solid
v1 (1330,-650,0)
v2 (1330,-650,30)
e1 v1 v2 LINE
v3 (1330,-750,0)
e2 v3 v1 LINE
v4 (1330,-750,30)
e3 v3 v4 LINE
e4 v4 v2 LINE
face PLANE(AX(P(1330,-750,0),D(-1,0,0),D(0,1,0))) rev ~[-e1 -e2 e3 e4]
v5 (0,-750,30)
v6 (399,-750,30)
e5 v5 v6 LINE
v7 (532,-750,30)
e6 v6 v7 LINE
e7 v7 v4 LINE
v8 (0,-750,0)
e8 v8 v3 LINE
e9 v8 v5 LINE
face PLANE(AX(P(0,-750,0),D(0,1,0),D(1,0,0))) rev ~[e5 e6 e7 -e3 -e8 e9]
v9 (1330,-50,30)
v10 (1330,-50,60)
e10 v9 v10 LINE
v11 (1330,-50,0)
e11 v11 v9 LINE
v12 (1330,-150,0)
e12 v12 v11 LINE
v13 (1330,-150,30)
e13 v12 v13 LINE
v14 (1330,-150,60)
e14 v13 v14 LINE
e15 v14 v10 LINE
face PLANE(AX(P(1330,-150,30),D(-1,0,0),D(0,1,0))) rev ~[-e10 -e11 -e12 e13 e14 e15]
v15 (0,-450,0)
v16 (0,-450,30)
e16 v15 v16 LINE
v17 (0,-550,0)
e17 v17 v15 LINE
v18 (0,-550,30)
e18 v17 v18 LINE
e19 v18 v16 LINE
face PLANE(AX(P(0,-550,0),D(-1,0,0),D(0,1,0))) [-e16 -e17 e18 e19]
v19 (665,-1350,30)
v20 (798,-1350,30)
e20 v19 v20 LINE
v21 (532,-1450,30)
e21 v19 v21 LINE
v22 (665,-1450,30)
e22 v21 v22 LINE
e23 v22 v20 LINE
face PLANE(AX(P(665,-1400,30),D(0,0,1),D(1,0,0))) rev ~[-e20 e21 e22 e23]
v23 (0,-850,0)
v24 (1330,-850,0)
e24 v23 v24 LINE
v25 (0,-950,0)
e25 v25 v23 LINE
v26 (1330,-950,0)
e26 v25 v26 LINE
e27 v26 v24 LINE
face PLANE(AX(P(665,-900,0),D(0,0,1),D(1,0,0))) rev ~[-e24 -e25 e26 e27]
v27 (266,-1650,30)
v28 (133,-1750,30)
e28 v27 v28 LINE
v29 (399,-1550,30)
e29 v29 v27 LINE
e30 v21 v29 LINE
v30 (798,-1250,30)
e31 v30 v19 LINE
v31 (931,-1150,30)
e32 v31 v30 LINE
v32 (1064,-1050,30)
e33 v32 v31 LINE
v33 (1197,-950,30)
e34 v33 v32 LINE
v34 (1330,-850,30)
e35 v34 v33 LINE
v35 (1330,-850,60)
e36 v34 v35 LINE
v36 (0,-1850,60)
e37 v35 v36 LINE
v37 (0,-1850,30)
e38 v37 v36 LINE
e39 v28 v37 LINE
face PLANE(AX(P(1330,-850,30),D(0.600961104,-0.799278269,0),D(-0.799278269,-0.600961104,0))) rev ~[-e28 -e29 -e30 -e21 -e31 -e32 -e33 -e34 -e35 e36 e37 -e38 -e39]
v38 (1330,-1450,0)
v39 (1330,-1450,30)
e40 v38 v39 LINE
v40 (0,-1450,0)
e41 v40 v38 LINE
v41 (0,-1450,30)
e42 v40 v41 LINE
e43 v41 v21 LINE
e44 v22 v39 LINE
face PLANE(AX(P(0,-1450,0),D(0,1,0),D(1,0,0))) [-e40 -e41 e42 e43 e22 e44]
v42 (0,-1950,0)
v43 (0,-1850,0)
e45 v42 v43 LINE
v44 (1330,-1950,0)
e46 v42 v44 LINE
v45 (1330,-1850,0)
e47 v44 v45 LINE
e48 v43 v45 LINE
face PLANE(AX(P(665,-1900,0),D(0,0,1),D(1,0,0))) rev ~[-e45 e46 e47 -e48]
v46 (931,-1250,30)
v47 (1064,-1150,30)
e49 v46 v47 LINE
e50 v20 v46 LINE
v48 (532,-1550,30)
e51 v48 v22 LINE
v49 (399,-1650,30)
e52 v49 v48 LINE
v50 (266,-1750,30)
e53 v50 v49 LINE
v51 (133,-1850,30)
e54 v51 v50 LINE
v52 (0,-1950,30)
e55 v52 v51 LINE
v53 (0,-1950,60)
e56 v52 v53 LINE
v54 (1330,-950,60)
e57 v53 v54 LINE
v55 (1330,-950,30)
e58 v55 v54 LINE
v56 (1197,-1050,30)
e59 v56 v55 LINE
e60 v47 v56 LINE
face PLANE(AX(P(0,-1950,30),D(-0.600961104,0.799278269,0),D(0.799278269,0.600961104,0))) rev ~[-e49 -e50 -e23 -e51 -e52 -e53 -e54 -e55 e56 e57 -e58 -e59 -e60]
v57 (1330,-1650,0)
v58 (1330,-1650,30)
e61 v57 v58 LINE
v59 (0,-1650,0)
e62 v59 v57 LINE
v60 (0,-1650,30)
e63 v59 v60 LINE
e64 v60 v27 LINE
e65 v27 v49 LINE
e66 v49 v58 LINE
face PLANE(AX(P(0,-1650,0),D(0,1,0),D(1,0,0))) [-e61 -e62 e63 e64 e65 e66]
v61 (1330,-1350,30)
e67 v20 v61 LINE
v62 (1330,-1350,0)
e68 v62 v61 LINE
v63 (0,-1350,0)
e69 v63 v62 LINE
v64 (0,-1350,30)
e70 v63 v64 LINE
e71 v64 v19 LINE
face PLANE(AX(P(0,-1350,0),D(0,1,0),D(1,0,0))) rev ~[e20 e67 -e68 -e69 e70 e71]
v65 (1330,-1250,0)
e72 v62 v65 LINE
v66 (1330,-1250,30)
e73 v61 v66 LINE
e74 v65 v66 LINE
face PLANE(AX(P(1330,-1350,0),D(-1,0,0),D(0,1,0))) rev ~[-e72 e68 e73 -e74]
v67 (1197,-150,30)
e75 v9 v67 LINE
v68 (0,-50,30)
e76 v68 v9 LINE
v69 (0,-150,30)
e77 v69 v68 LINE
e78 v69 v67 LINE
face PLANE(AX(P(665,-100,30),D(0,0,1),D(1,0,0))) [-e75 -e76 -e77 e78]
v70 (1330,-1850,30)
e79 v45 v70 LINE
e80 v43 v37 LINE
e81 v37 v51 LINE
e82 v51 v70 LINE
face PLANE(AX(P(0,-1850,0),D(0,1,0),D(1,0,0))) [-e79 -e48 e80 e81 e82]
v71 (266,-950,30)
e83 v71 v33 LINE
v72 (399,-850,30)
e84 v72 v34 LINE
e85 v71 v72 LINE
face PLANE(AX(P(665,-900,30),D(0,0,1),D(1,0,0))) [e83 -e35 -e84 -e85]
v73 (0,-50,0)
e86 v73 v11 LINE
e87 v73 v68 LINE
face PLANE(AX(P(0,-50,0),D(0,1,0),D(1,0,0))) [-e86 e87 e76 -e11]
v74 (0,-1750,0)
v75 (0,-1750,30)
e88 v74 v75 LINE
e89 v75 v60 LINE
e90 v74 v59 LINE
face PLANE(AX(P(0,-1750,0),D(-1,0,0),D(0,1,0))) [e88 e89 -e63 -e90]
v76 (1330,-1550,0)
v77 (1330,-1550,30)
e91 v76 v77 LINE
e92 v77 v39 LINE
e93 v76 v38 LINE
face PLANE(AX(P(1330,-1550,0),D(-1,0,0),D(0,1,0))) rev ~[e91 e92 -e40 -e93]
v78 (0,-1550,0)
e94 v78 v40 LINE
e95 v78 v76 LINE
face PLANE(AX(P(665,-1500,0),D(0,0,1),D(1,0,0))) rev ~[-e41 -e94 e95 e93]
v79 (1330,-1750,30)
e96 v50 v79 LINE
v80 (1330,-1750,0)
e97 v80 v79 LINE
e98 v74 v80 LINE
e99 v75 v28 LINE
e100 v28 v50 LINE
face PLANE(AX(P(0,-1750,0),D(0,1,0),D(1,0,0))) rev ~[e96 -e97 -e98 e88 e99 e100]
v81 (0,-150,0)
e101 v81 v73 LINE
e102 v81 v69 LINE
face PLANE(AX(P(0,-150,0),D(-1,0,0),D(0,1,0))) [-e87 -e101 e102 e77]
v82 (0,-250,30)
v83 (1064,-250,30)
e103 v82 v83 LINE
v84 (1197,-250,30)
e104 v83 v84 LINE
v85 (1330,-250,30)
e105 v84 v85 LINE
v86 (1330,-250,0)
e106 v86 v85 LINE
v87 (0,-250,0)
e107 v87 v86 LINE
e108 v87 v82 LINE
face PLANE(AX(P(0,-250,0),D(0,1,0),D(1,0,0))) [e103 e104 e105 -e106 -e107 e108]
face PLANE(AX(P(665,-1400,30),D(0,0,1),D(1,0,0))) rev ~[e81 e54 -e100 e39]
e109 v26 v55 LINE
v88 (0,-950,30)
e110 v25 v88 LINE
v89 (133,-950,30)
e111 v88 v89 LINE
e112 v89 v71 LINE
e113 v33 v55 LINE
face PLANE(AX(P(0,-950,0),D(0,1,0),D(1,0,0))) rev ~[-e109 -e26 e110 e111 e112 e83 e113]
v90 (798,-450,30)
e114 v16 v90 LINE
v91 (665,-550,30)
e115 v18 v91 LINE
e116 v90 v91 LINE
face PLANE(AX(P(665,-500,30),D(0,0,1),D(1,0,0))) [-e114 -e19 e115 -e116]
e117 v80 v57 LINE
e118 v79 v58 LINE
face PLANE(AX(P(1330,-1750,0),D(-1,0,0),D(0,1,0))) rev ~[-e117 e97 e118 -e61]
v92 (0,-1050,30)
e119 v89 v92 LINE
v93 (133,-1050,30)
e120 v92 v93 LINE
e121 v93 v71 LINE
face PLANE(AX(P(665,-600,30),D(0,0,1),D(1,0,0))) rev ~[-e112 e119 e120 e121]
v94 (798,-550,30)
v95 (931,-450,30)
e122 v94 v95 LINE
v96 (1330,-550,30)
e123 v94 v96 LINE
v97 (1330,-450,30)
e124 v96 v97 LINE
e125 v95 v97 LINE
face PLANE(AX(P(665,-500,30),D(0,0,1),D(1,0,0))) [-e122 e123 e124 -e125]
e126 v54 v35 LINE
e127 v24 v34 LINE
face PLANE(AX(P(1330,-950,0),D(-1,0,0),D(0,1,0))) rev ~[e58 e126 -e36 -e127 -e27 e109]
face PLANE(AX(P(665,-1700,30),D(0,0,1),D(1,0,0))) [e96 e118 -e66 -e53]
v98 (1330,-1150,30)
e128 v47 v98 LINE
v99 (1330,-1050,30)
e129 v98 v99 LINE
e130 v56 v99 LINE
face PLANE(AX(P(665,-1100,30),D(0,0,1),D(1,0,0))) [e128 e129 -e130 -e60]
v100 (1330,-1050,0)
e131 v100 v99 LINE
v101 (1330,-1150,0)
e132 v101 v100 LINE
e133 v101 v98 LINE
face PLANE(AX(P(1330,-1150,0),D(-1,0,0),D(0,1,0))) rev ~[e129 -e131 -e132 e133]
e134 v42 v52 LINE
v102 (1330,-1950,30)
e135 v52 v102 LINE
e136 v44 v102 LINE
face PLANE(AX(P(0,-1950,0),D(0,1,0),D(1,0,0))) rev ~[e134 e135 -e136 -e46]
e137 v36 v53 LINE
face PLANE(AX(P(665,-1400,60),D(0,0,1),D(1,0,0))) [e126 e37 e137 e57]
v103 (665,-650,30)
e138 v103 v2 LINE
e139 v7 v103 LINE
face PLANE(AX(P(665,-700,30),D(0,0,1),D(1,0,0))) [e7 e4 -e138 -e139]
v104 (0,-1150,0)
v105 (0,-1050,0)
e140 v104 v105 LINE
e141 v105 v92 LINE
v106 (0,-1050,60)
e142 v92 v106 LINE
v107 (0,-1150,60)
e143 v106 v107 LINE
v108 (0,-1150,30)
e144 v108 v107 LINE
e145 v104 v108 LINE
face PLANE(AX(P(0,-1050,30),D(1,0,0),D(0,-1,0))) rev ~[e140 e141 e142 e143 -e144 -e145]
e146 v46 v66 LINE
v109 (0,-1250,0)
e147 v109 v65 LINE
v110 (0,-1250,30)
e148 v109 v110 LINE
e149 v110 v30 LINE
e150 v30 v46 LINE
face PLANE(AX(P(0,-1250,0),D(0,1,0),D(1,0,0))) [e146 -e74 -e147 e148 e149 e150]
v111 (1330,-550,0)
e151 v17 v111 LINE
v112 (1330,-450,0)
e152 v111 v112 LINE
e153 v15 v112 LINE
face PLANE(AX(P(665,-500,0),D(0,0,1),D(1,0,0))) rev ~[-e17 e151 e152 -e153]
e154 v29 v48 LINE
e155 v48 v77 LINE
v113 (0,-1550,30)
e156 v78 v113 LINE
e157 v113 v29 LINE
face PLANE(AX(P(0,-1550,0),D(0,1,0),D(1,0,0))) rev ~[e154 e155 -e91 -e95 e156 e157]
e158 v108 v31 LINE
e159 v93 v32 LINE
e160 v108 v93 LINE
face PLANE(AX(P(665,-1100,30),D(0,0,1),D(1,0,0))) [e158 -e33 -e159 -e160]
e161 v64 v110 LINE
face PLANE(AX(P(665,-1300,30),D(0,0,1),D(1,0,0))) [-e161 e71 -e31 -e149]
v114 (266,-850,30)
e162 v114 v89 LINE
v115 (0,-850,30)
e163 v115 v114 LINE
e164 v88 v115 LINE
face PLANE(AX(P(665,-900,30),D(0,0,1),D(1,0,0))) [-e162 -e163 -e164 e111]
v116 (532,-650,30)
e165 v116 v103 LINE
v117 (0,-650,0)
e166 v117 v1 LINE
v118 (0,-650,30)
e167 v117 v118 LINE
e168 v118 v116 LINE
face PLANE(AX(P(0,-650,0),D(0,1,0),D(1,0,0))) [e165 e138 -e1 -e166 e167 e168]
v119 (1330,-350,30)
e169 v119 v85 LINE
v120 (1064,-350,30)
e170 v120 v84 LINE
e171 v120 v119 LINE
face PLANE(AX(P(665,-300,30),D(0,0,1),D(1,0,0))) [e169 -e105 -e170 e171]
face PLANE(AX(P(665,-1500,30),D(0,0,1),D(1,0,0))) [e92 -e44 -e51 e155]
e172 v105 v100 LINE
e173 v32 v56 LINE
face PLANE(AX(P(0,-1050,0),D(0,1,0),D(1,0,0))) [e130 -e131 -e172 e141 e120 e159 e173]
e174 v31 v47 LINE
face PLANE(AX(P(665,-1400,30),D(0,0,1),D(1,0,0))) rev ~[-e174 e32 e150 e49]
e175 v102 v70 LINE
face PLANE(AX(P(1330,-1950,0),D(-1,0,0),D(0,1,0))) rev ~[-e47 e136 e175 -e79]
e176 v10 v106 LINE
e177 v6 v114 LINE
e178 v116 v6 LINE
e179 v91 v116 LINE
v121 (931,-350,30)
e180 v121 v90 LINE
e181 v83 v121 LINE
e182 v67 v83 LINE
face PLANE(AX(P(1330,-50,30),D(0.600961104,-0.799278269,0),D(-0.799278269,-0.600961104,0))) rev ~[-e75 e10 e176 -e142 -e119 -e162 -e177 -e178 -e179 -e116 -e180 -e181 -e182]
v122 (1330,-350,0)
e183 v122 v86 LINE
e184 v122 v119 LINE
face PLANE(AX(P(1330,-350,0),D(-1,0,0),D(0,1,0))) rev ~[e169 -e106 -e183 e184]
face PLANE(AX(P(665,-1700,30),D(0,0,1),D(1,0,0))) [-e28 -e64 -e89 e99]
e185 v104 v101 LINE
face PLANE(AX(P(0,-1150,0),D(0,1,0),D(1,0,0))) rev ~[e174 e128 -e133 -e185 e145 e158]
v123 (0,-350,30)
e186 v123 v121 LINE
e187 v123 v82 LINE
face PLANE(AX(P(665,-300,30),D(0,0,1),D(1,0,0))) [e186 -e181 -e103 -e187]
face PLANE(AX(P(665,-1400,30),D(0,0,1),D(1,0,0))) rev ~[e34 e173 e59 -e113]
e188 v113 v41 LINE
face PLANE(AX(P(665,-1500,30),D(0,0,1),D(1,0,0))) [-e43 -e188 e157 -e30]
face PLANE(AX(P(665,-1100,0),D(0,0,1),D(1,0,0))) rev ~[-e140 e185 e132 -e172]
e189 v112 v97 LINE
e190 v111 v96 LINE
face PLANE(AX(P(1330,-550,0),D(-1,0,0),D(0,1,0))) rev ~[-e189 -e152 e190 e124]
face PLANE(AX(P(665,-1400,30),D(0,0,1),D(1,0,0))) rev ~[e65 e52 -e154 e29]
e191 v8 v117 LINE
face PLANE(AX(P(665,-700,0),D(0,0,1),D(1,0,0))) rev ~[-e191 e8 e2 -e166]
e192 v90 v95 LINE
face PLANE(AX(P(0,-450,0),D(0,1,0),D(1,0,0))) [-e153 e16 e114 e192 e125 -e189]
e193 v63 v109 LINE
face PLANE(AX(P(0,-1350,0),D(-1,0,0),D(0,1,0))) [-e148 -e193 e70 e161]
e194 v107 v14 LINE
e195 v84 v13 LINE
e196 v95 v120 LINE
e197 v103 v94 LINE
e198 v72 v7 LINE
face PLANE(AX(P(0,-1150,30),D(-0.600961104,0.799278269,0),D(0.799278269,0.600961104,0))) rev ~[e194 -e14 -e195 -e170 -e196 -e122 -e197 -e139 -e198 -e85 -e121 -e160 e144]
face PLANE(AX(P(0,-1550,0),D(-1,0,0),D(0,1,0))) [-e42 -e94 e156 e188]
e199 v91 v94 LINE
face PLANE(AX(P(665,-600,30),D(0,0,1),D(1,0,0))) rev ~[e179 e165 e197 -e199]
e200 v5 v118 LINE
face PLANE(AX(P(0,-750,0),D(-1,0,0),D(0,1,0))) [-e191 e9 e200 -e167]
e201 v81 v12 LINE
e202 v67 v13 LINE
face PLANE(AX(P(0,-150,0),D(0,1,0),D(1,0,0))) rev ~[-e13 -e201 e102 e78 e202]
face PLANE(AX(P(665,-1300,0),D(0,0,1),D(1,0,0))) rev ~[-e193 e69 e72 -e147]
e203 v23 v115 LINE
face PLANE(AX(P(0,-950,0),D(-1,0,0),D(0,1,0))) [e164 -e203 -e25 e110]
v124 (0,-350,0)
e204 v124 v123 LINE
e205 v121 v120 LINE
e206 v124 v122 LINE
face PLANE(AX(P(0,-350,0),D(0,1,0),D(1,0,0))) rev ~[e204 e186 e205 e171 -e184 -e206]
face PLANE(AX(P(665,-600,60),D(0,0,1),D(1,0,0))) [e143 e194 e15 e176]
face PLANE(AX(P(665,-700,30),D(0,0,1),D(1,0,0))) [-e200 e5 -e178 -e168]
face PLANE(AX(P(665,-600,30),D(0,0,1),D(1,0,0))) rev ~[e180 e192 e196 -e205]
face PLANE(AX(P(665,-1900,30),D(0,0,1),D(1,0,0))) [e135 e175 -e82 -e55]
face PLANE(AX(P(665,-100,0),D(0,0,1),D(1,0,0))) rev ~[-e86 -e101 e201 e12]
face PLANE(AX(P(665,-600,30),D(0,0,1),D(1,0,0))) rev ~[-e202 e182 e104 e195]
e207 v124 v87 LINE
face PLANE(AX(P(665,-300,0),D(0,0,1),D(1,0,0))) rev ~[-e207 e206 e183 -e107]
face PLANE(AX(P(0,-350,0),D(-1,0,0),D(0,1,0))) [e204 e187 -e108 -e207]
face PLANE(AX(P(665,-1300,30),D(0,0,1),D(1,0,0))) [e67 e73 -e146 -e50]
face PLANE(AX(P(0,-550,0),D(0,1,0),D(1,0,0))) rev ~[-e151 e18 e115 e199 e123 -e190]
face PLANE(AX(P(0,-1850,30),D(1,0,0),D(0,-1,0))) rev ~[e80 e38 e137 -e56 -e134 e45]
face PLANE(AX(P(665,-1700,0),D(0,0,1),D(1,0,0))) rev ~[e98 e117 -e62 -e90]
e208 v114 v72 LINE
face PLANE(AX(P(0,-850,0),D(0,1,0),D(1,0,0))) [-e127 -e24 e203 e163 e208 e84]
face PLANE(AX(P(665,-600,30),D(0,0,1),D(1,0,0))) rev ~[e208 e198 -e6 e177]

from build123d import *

# Parameters (mm, degrees)
SKETCH1_W              = 1330
SKETCH1_H              = 100
BOSS_EXTRUDE1_DEPTH    = 30
BOSS_EXTRUDE1_2_DEPTH  = 30
BOSS_EXTRUDE1_3_DEPTH  = 30
BOSS_EXTRUDE1_4_DEPTH  = 30
BOSS_EXTRUDE1_5_DEPTH  = 30
BOSS_EXTRUDE1_6_DEPTH  = 30
BOSS_EXTRUDE1_7_DEPTH  = 30
BOSS_EXTRUDE1_8_DEPTH  = 30
BOSS_EXTRUDE1_9_DEPTH  = 30
BOSS_EXTRUDE1_10_DEPTH = 30
BOSS_EXTRUDE2_DEPTH    = 30


with BuildPart() as part:
    # Sketch1 → Boss-Extrude1 (new body)
    with BuildSketch(Plane.XY):
        with Locations((665, -500)):
            Rectangle(SKETCH1_W, SKETCH1_H)
    extrude(amount=BOSS_EXTRUDE1_DEPTH)



with BuildPart() as body_2:
    # Sketch1 → Boss-Extrude1 2 (new body)
    with BuildSketch(Plane.XY):
        with Locations((665, -700)):
            Rectangle(SKETCH1_W, SKETCH1_H)
    extrude(amount=BOSS_EXTRUDE1_2_DEPTH)


with BuildPart() as body_3:
    # Sketch1 → Boss-Extrude1 3 (new body)
    with BuildSketch(Plane.XY):
        with Locations((665, -900)):
            Rectangle(SKETCH1_W, SKETCH1_H)
    extrude(amount=BOSS_EXTRUDE1_3_DEPTH)


with BuildPart() as body_4:
    # Sketch1 → Boss-Extrude1 4 (new body)
    with BuildSketch(Plane.XY):
        with Locations((665, -1100)):
            Rectangle(SKETCH1_W, SKETCH1_H)
    extrude(amount=BOSS_EXTRUDE1_4_DEPTH)


with BuildPart() as body_5:
    # Sketch1 → Boss-Extrude1 5 (new body)
    with BuildSketch(Plane.XY):
        with Locations((665, -1300)):
            Rectangle(SKETCH1_W, SKETCH1_H)
    extrude(amount=BOSS_EXTRUDE1_5_DEPTH)


with BuildPart() as body_6:
    # Sketch1 → Boss-Extrude1 6 (new body)
    with BuildSketch(Plane.XY):
        with Locations((665, -1900)):
            Rectangle(SKETCH1_W, SKETCH1_H)
    extrude(amount=BOSS_EXTRUDE1_6_DEPTH)


with BuildPart() as body_7:
    # Sketch1 → Boss-Extrude1 7 (new body)
    with BuildSketch(Plane.XY):
        with Locations((665, -100)):
            Rectangle(SKETCH1_W, SKETCH1_H)
    extrude(amount=BOSS_EXTRUDE1_7_DEPTH)


with BuildPart() as body_8:
    # Sketch1 → Boss-Extrude1 8 (new body)
    with BuildSketch(Plane.XY):
        with Locations((665, -300)):
            Rectangle(SKETCH1_W, SKETCH1_H)
    extrude(amount=BOSS_EXTRUDE1_8_DEPTH)


with BuildPart() as body_9:
    # Sketch1 → Boss-Extrude1 9 (new body)
    with BuildSketch(Plane.XY):
        with Locations((665, -1500)):
            Rectangle(SKETCH1_W, SKETCH1_H)
    extrude(amount=BOSS_EXTRUDE1_9_DEPTH)


with BuildPart() as body_10:
    # Sketch1 → Boss-Extrude1 10 (new body)
    with BuildSketch(Plane.XY):
        with Locations((665, -1700)):
            Rectangle(SKETCH1_W, SKETCH1_H)
    extrude(amount=BOSS_EXTRUDE1_10_DEPTH)


with BuildPart() as part_1:
    add(part.part)

    add(body_2.part)  # Boss-Extrude2 merges body 2

    add(body_3.part)  # Boss-Extrude2 merges body 3

    add(body_4.part)  # Boss-Extrude2 merges body 4

    add(body_5.part)  # Boss-Extrude2 merges body 5

    add(body_6.part)  # Boss-Extrude2 merges body 6

    add(body_7.part)  # Boss-Extrude2 merges body 7

    add(body_8.part)  # Boss-Extrude2 merges body 8

    add(body_9.part)  # Boss-Extrude2 merges body 9

    add(body_10.part)  # Boss-Extrude2 merges body 10
    # Sketch2 → Boss-Extrude2 (add)
    with BuildSketch(Plane.XY.offset(30)):
        Polygon((1330, -50), (0, -1050), (0, -1150), (1330, -150), align=None)
        Polygon((1330, -850), (0, -1850), (0, -1950), (1330, -950), align=None)
    extrude(amount=BOSS_EXTRUDE2_DEPTH)


solid = part_1.part
